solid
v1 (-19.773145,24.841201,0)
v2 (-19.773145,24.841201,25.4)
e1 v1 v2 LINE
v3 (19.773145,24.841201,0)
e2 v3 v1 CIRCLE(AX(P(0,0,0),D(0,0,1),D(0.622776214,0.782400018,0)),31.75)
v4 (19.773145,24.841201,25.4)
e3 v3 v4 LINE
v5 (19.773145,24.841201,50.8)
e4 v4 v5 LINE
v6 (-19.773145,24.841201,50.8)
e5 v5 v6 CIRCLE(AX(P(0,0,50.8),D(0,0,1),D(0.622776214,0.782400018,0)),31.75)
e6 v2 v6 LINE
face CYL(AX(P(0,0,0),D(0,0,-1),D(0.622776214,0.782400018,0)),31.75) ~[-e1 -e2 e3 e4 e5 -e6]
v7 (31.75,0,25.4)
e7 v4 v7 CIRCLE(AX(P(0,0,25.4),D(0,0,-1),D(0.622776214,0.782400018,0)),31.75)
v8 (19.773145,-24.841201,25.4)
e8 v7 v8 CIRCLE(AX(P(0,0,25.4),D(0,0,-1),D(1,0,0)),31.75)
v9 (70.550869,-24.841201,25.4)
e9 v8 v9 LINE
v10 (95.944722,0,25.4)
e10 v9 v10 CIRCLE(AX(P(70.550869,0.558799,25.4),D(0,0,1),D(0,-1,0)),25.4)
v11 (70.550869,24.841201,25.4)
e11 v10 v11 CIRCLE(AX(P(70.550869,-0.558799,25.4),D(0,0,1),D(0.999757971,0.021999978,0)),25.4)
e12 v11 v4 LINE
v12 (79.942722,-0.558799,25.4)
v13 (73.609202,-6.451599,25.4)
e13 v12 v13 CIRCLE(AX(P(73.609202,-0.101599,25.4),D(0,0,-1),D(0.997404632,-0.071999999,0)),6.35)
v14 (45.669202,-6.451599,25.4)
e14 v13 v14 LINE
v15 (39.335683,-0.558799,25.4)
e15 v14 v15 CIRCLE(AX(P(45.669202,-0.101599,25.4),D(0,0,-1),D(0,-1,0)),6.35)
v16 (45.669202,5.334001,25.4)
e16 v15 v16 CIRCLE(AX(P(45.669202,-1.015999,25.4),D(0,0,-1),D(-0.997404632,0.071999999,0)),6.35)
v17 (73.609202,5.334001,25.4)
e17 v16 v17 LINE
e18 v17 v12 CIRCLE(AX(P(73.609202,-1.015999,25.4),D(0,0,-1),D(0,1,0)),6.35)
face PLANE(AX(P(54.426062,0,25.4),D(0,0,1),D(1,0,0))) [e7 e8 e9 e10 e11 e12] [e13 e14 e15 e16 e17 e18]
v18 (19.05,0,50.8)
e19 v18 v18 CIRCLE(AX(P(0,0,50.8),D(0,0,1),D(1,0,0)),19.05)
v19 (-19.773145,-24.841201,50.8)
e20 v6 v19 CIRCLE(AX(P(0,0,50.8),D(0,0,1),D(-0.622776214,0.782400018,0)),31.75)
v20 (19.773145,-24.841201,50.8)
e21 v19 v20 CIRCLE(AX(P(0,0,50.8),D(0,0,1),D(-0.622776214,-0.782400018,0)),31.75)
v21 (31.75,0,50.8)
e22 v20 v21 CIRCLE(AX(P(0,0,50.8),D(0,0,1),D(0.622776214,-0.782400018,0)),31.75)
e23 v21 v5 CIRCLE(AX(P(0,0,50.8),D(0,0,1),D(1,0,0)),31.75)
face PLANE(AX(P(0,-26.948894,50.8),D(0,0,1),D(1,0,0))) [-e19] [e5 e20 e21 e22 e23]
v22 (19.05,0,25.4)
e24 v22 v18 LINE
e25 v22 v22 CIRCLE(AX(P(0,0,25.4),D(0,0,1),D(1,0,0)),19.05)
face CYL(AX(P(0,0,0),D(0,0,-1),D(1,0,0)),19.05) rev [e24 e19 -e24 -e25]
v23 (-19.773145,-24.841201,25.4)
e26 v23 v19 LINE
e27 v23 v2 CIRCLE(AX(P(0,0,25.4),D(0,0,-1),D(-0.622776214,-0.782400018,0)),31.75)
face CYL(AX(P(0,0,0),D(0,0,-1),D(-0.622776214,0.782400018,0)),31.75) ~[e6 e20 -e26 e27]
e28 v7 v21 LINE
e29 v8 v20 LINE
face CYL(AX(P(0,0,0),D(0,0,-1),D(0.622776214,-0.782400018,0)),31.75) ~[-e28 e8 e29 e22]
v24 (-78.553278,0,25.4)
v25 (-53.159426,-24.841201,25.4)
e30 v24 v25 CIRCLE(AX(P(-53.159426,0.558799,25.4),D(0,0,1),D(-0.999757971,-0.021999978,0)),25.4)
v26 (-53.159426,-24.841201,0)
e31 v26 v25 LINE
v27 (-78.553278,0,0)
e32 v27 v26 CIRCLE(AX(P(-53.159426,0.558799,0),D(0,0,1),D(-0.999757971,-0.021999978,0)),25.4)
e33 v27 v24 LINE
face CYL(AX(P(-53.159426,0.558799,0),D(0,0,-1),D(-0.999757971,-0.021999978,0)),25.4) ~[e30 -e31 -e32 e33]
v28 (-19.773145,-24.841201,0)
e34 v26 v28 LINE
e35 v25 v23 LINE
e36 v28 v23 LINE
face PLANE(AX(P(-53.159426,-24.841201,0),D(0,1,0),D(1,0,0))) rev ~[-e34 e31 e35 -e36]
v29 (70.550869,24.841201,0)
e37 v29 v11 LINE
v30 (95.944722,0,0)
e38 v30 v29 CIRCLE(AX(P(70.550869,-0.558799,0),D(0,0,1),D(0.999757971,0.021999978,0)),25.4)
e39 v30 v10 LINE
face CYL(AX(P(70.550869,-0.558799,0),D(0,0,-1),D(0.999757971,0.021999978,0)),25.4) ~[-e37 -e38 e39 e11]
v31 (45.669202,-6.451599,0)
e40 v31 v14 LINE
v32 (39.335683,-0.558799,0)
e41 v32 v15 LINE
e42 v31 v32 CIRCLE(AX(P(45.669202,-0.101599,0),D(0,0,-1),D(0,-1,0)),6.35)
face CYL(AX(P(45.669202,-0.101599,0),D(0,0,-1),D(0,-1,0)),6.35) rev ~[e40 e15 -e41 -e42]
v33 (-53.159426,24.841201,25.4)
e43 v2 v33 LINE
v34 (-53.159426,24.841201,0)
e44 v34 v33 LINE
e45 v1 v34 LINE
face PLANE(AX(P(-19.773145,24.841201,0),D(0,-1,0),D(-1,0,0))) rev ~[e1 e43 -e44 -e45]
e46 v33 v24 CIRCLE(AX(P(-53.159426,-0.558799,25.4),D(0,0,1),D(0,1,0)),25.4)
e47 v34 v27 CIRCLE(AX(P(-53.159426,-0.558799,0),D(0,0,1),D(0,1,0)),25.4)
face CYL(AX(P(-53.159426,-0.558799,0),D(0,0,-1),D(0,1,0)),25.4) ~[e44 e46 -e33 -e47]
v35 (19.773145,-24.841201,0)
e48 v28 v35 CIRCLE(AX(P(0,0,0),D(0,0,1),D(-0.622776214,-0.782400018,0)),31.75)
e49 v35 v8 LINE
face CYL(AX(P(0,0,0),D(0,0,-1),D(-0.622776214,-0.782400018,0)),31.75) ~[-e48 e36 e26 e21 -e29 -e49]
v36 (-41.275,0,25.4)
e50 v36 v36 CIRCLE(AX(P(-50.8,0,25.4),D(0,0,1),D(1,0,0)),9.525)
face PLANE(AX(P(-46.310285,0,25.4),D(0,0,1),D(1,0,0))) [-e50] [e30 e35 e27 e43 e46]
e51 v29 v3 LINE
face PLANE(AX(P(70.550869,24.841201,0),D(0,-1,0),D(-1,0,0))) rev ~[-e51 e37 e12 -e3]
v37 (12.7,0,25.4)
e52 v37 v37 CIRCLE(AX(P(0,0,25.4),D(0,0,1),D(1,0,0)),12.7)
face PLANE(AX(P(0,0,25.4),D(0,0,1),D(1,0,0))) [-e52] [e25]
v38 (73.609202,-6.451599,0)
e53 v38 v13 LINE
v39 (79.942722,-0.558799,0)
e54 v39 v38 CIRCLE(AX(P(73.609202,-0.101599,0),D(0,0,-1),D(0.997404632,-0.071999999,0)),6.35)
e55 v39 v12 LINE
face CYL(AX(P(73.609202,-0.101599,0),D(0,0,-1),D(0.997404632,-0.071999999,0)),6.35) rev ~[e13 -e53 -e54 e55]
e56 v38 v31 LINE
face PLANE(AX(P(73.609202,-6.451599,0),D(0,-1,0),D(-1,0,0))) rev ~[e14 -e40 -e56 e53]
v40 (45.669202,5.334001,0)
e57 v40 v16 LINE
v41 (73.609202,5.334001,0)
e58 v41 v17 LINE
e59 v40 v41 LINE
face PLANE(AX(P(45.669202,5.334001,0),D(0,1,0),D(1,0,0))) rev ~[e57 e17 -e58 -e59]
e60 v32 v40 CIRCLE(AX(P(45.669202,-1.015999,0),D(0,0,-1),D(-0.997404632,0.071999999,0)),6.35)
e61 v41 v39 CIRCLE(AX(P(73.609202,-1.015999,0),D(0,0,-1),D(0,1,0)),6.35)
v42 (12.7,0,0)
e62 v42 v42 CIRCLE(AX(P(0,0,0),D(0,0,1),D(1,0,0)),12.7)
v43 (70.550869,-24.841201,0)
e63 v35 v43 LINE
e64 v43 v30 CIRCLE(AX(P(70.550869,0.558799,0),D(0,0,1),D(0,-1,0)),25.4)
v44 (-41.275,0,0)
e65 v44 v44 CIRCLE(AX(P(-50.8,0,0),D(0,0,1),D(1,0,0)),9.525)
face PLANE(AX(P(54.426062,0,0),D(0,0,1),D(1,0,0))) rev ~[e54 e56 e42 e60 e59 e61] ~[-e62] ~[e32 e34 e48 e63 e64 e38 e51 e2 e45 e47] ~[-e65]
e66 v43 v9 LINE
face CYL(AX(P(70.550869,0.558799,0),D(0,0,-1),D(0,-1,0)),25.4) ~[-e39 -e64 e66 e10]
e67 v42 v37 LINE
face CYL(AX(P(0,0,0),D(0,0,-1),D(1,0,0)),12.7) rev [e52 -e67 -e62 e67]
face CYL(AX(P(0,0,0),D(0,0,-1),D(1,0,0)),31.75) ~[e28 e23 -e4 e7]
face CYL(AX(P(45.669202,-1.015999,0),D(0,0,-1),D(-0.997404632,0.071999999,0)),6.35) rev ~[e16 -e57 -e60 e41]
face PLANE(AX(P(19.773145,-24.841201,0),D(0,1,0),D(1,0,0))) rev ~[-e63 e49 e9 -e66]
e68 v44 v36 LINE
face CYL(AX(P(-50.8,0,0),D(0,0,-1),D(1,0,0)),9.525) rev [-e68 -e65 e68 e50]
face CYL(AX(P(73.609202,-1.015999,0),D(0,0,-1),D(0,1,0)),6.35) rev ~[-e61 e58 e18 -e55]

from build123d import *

# Parameters (mm, degrees)
F0_R     = 9.525
F1_DEPTH = 25.4
F0_R_2   = 19.05
F2_DEPTH = 50.8
F0_R_3   = 12.7
F3_DEPTH = 25.4


with BuildPart() as f1:
    # F0 (on Top) → F1 (new body)
    with BuildSketch(Plane.XY):
        with BuildLine():
            ThreePointArc((-19.7731447858, -24.8412005603), (-31.75, 0), (-19.7731447858, 24.8412005603))
            Line((-19.7731447858, 24.8412005603), (-53.1594258137, 24.8412005603))
            ThreePointArc((-53.1594258137, 24.8412005603), (-70.9212738909, 17.598203421), (-78.5532782821, 0))
            ThreePointArc((-78.5532782821, 0), (-70.9212738909, -17.598203421), (-53.1594258137, -24.8412005603))
            Line((-53.1594258137, -24.8412005603), (-19.7731447858, -24.8412005603))
        make_face()
        with Locations((-50.8, 0)):
            Circle(F0_R, mode=Mode.SUBTRACT)
    extrude(amount=F1_DEPTH)

    # F0 (on Top) → F2 (join)
    with BuildSketch(Plane.XY):
        with BuildLine():
            ThreePointArc((-19.7731447858, -24.8412005603), (0, -31.75), (19.7731447858, -24.8412005603))
            Line((19.7731447858, -24.8412005603), (-19.7731447858, -24.8412005603))
        make_face()
        with BuildLine():
            Line((-19.7731447858, 24.8412005603), (19.7731447858, 24.8412005603))
            ThreePointArc((19.7731447858, 24.8412005603), (0, 31.75), (-19.7731447858, 24.8412005603))
        make_face()
        with BuildLine():
            ThreePointArc((19.7731447858, -24.8412005603), (28.5994741818, -13.7888569695), (31.75, 0))
            ThreePointArc((31.75, 0), (28.5994741818, 13.7888569695), (19.7731447858, 24.8412005603))
            Line((19.7731447858, 24.8412005603), (-19.7731447858, 24.8412005603))
            ThreePointArc((-19.7731447858, 24.8412005603), (-31.75, 0), (-19.7731447858, -24.8412005603))
            Line((-19.7731447858, -24.8412005603), (19.7731447858, -24.8412005603))
        make_face()
        Circle(F0_R_2, mode=Mode.SUBTRACT)
    extrude(amount=F2_DEPTH)

    # F0 (on Top) → F3 (join)
    with BuildSketch(Plane.XY):
        with BuildLine():
            ThreePointArc((19.7731447858, 24.8412005603), (28.5994741818, 13.7888569695), (31.75, 0))
            ThreePointArc((31.75, 0), (28.5994741818, -13.7888569695), (19.7731447858, -24.8412005603))
            Line((19.7731447858, -24.8412005603), (70.5508692495, -24.8412005603))
            ThreePointArc((70.5508692495, -24.8412005603), (88.3127173267, -17.598203421), (95.9447217179, 0))
            ThreePointArc((95.9447217179, 0), (88.3127173267, 17.598203421), (70.5508692495, 24.8412005603))
            Line((70.5508692495, 24.8412005603), (19.7731447858, 24.8412005603))
        make_face()
        with BuildLine():
            ThreePointArc((39.3356828899, -0.5587994397), (41.3437381638, 3.6329638912), (45.6692023039, 5.3340005688))
            Line((45.6692023039, 5.3340005688), (73.6092023039, 5.3340005688))
            ThreePointArc((73.6092023039, 5.3340005688), (77.934666444, 3.6329638912), (79.9427217179, -0.5587994397))
            ThreePointArc((79.9427217179, -0.5587994397), (77.934666444, -4.7505627706), (73.6092023039, -6.4515994482))
            Line((73.6092023039, -6.4515994482), (45.6692023039, -6.4515994482))
            ThreePointArc((45.6692023039, -6.4515994482), (41.3437381638, -4.7505627706), (39.3356828899, -0.5587994397))
        make_face(mode=Mode.SUBTRACT)
        Circle(F0_R_2)
        Circle(F0_R_3, mode=Mode.SUBTRACT)
    extrude(amount=F3_DEPTH)


solid = f1.part
